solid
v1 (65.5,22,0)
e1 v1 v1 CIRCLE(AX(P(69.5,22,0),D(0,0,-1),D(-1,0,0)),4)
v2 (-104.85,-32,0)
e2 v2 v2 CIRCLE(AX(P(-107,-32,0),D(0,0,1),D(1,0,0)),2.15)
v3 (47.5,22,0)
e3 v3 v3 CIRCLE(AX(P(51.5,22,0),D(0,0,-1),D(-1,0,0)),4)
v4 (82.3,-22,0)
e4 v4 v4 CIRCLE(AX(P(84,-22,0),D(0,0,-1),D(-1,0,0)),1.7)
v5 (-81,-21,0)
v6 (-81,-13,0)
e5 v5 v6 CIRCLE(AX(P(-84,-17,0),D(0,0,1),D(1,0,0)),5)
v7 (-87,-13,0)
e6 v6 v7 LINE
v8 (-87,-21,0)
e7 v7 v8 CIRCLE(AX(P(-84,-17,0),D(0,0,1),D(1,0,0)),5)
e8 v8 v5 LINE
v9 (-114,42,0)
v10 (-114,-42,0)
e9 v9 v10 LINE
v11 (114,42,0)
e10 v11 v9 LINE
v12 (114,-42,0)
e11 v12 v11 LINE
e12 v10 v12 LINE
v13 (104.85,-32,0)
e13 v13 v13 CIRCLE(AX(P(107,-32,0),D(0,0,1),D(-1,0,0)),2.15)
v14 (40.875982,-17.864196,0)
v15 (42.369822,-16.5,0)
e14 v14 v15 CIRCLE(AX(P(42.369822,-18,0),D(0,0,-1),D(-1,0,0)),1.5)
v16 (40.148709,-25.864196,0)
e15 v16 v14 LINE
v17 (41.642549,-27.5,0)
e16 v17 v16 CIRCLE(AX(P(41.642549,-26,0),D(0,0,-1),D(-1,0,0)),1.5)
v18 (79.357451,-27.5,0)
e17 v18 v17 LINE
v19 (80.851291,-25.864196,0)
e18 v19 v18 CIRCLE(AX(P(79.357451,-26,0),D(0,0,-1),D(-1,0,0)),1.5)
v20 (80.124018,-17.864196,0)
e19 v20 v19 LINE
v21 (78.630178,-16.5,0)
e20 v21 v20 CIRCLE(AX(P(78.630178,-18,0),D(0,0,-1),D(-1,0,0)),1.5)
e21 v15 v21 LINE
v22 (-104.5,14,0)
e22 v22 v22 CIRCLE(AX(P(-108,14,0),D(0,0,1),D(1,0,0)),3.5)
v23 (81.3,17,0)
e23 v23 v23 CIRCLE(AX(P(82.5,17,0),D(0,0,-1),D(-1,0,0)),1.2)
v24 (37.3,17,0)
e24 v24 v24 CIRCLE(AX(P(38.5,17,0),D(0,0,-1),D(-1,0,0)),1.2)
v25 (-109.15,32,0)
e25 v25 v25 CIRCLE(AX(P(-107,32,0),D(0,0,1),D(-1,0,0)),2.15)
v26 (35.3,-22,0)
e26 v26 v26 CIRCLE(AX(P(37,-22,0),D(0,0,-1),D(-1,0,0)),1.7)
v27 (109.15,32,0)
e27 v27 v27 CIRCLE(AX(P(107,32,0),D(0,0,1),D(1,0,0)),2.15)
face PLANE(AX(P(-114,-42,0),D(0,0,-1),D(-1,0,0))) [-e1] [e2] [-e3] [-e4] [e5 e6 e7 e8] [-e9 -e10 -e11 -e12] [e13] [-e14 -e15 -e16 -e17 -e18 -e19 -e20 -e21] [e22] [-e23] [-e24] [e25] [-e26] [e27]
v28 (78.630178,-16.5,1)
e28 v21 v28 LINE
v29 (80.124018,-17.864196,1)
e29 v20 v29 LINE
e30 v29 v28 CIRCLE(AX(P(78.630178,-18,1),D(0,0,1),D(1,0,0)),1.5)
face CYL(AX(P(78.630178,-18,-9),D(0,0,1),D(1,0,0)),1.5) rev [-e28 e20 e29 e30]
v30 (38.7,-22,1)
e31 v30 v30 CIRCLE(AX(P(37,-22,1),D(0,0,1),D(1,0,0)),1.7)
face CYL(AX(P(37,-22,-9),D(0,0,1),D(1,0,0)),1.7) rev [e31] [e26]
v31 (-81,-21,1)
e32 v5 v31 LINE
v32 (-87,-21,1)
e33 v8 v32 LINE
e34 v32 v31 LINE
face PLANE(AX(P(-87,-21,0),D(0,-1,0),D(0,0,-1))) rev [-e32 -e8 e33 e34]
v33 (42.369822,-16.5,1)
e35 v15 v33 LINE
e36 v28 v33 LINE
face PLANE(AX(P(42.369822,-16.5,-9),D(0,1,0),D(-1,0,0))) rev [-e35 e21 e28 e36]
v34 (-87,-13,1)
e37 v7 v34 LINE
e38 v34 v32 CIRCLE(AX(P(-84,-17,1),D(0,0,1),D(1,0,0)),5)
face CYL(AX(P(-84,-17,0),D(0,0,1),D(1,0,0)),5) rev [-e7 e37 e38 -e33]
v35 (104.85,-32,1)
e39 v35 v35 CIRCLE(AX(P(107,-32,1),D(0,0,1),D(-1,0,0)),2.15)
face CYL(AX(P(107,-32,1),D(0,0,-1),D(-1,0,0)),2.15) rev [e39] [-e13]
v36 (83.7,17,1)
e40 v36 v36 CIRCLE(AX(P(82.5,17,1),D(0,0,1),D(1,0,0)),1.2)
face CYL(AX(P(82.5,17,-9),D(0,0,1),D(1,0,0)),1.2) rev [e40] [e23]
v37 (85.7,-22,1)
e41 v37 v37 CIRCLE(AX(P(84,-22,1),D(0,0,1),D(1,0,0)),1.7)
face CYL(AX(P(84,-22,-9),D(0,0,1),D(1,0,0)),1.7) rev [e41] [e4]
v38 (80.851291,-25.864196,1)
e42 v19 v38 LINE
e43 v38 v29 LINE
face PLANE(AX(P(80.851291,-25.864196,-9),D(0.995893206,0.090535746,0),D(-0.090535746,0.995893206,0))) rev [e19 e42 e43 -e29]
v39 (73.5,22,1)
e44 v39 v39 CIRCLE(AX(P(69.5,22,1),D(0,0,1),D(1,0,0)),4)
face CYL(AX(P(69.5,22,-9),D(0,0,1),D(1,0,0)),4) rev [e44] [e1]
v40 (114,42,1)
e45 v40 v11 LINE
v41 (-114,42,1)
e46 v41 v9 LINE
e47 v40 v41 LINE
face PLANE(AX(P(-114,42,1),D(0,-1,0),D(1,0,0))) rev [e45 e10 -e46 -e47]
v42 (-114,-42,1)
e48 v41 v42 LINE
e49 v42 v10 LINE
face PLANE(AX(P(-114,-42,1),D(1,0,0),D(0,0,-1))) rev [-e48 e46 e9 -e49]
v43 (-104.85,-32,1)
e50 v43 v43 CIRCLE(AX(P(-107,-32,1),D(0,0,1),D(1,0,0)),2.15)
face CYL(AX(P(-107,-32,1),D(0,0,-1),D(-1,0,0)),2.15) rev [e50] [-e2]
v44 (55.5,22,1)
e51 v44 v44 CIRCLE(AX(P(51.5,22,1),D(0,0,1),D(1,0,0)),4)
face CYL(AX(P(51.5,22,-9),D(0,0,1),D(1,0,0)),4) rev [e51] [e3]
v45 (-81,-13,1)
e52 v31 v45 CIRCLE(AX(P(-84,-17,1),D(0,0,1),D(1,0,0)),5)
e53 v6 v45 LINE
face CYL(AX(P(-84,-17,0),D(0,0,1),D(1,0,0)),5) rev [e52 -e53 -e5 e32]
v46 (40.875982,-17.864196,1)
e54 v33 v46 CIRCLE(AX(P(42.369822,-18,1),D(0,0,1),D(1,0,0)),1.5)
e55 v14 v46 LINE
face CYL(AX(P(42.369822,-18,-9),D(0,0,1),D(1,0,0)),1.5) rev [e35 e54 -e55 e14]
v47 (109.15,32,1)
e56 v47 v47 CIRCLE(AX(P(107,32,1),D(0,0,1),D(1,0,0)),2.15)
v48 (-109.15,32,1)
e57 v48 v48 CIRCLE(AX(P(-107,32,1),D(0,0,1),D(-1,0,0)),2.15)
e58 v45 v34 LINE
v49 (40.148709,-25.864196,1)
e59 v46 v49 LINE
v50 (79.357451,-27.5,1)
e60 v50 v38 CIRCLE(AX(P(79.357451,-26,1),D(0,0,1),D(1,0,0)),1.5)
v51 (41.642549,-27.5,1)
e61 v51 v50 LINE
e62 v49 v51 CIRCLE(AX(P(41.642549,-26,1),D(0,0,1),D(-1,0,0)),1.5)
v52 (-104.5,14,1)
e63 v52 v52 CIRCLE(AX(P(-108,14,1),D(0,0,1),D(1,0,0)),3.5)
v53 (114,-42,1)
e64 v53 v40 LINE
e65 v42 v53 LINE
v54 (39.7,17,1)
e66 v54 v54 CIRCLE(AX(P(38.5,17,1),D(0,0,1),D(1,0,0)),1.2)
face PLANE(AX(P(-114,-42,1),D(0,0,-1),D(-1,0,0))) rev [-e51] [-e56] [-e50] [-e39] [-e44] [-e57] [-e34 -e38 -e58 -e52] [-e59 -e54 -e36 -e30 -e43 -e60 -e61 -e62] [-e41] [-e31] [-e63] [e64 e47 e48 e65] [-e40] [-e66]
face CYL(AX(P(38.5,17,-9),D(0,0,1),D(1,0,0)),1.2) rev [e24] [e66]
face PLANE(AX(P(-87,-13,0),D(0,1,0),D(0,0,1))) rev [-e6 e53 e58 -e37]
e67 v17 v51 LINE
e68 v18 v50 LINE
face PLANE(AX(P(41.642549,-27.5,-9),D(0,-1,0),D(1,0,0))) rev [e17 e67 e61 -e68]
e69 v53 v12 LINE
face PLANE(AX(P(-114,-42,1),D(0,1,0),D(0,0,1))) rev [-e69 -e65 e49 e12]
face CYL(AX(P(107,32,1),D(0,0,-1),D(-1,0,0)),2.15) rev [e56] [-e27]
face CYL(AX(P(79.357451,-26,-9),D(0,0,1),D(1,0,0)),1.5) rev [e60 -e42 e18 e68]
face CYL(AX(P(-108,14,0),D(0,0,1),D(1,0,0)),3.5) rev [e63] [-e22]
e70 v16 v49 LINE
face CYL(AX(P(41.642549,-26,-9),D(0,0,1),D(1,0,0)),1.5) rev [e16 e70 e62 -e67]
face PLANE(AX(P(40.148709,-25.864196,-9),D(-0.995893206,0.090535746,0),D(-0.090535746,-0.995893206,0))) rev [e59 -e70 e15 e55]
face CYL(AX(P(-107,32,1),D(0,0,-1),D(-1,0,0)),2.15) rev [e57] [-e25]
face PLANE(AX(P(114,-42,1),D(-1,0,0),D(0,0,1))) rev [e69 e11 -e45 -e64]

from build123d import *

# Parameters (mm, degrees)
SKETCH_1_W          = 228
SKETCH_1_H          = 84
SKETCH_1_R          = 2.15
EXTRUDE_1_DEPTH     = 1
SKETCH_3_R          = 1.7
SKETCH_3_R_2        = 1.2
SKETCH_3_R_3        = 4
CUT_EXTRUDE_1_DEPTH = 10
SKETCH_4_R          = 3.5
CUT_EXTRUDE_2_DEPTH = 1


with BuildPart() as part:
    # Эскиз1 → Вытянуть1 (new body)
    with BuildSketch(Plane.XY):
        Rectangle(SKETCH_1_W, SKETCH_1_H)
        with Locations((107, 32)):
            Circle(SKETCH_1_R, mode=Mode.SUBTRACT)
        with Locations(Location((-107, 32, 0), (0, 0, 180))):
            Circle(SKETCH_1_R, mode=Mode.SUBTRACT)
        with Locations((-107, -32)):
            Circle(SKETCH_1_R, mode=Mode.SUBTRACT)
        with Locations(Location((107, -32, 0), (0, 0, 180))):
            Circle(SKETCH_1_R, mode=Mode.SUBTRACT)
    extrude(amount=EXTRUDE_1_DEPTH)

    # Эскиз3 → Вырез-Вытянуть1 (cut)
    with BuildSketch(Plane.XY.offset(1)):
        with Locations((37, -22)):
            Circle(SKETCH_3_R)
        with Locations((84, -22)):
            Circle(SKETCH_3_R)
        with Locations((38.5, 17)):
            Circle(SKETCH_3_R_2)
        with Locations((82.5, 17)):
            Circle(SKETCH_3_R_2)
        with Locations((51.5, 22)):
            Circle(SKETCH_3_R_3)
        with Locations((69.5, 22)):
            Circle(SKETCH_3_R_3)
        with BuildLine():
            Line((40.14870942, -25.864196381), (40.875982147, -17.864196381))
            ThreePointArc((40.875982147, -17.864196381), (41.358314525, -16.892366164), (42.369821957, -16.5))
            Line((42.369821957, -16.5), (78.630178043, -16.5))
            ThreePointArc((78.630178043, -16.5), (79.641685475, -16.892366164), (80.124017853, -17.864196381))
            Line((80.124017853, -17.864196381), (80.85129058, -25.864196381))
            ThreePointArc((80.85129058, -25.864196381), (80.465084606, -27.011507432), (79.35745077, -27.5))
            Line((79.35745077, -27.5), (41.64254923, -27.5))
            ThreePointArc((41.64254923, -27.5), (40.534915394, -27.011507432), (40.14870942, -25.864196381))
        make_face()
    extrude(amount=-CUT_EXTRUDE_1_DEPTH, mode=Mode.SUBTRACT)

    # Эскиз4 → Вырез-Вытянуть2 (cut)
    with BuildSketch(Plane.XY.offset(1)):
        with Locations((-108, 14)):
            Circle(SKETCH_4_R)
        with BuildLine():
            Line((-87, -13), (-81, -13))
            ThreePointArc((-81, -13), (-79, -17), (-81, -21))
            Line((-81, -21), (-87, -21))
            ThreePointArc((-87, -21), (-89, -17), (-87, -13))
        make_face()
    extrude(amount=-CUT_EXTRUDE_2_DEPTH, mode=Mode.SUBTRACT)


solid = part.part
